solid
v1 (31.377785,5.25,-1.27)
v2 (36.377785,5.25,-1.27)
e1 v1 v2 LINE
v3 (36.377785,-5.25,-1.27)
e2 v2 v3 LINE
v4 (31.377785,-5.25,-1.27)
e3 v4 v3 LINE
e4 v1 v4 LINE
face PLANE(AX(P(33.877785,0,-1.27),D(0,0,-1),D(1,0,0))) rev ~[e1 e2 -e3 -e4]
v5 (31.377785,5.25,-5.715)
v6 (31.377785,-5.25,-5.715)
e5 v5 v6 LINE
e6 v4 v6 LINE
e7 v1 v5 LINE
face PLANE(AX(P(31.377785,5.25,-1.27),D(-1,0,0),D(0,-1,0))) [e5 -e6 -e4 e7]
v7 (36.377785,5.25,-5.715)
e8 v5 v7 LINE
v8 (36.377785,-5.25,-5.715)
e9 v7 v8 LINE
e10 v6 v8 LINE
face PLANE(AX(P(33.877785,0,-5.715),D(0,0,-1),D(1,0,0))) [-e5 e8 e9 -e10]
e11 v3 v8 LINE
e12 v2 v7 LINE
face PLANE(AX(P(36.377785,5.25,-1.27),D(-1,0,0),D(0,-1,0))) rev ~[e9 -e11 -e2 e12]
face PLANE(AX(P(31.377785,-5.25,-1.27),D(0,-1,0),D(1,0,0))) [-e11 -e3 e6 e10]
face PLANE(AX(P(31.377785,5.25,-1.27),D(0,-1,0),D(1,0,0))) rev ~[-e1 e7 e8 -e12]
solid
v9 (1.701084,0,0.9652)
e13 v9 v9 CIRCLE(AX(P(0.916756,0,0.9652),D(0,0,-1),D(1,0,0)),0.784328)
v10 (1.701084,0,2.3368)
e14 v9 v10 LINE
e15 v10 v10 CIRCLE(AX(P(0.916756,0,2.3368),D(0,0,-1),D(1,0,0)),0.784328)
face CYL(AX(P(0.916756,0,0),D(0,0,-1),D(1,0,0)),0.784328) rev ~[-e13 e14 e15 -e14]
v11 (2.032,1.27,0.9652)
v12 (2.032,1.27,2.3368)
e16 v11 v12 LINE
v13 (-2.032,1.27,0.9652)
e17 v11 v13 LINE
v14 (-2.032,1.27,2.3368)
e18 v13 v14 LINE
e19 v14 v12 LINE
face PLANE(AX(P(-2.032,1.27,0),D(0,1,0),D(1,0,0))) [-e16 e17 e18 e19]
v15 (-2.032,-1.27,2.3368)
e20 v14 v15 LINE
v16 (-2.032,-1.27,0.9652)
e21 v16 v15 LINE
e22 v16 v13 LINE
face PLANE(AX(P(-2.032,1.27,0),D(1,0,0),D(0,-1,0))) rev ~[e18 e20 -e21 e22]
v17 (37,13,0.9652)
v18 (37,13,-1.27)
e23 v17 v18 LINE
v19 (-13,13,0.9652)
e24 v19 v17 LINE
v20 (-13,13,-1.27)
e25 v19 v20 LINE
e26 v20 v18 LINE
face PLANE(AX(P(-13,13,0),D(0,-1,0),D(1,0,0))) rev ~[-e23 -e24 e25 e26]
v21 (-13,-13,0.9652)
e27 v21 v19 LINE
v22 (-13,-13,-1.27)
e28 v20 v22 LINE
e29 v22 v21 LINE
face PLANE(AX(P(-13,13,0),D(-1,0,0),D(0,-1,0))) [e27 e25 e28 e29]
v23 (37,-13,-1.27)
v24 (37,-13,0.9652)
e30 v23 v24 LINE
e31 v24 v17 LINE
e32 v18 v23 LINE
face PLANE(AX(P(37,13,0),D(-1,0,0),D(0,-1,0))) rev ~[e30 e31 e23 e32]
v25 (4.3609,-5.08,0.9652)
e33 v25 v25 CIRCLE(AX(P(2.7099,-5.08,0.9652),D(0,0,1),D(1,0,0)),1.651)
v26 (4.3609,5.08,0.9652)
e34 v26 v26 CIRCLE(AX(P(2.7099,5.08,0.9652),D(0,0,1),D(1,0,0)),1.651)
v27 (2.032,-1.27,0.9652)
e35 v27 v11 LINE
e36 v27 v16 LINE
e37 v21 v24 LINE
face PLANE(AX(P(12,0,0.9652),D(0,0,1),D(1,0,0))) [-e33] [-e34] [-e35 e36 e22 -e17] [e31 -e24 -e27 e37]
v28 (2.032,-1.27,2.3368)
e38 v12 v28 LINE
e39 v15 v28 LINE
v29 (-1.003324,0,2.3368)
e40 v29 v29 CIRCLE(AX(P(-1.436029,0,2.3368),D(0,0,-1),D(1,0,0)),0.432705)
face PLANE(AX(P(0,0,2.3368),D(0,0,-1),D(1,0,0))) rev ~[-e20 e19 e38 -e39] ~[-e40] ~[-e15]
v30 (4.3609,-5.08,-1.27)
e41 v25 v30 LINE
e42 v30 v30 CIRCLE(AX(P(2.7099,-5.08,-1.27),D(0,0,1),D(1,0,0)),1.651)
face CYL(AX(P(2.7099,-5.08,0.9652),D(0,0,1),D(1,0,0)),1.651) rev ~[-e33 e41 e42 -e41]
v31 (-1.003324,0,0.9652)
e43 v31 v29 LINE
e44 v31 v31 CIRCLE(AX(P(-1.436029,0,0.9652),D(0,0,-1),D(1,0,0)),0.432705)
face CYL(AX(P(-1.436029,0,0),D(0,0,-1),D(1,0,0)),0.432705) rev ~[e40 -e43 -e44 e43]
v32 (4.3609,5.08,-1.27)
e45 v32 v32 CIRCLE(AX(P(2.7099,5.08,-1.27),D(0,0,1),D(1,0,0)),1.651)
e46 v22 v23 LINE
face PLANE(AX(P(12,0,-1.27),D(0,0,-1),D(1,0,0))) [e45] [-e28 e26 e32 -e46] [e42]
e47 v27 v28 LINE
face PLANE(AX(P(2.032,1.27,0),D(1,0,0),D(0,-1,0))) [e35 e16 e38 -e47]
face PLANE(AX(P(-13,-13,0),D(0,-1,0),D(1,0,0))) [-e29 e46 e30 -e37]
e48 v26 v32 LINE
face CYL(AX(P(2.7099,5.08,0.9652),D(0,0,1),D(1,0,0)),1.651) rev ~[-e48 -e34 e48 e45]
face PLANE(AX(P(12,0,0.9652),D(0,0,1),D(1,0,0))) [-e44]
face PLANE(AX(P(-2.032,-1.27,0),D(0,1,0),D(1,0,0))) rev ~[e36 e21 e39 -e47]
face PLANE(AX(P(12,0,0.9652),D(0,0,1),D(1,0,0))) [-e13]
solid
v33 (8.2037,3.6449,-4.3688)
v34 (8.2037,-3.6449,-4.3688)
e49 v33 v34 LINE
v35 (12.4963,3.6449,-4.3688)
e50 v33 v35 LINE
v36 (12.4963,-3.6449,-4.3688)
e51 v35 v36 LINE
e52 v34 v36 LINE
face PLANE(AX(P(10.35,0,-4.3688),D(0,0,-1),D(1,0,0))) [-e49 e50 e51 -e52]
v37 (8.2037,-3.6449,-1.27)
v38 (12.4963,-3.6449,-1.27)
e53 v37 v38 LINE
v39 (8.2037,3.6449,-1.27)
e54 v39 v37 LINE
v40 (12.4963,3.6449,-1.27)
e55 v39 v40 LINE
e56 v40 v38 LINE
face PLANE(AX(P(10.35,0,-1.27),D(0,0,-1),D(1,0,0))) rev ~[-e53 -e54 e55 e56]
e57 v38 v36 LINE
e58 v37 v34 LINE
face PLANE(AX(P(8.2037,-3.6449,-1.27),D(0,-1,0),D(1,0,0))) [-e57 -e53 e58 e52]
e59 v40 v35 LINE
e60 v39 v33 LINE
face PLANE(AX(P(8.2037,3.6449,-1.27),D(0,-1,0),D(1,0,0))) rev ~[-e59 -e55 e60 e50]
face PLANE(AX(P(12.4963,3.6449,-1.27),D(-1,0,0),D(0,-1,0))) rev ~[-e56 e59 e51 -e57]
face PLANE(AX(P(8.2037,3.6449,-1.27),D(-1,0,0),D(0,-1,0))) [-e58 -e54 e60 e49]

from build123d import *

# Parameters (mm, degrees)
F0_W      = 50
F0_H      = 26
F1_DEPTH  = 0.9652
F3_W      = 4.064
F3_H      = 2.54
F3_R      = 0.432705
F3_R_2    = 0.784328
F4_DEPTH  = 2.3368
F4_FACE_W = 50
F4_FACE_H = 26
F5_DEPTH  = 1.27
F7_R      = 1.651
F8_DEPTH  = 25.4
F6_W      = 4.2926
F6_H      = 7.2898
F9_DEPTH  = 3.0988
F11_W     = 5
F11_H     = 10.5
F12_DEPTH = 4.445


with BuildPart() as f1:
    # F0 (on Top) → F1 (new body)
    with BuildSketch(Plane.XY):
        Rectangle(F0_W, F0_H)
    extrude(amount=F1_DEPTH)


with BuildPart() as f1_1:
    # F2: moved
    add(f1.part.moved(Location((12, 0, 0))))

    # F3 (on face) → F4 (join)
    with BuildSketch(Plane(origin=(0, 0, 0), x_dir=(1, 0, 0), z_dir=(0, 0, -1))):
        Rectangle(F3_W, F3_H)
        with Locations((-1.436029, 0)):
            Circle(F3_R, mode=Mode.SUBTRACT)
        with Locations((0.916756, 0)):
            Circle(F3_R_2, mode=Mode.SUBTRACT)
    extrude(amount=-F4_DEPTH)

    # F4_face (on face) → F5 (join)
    with BuildSketch(Plane(origin=(12, 0, 0), x_dir=(1, 0, 0), z_dir=(0, 0, -1))):
        Rectangle(F4_FACE_W, F4_FACE_H)
    extrude(amount=F5_DEPTH)

    # F7 (on face) → F8 (cut)
    with BuildSketch(Plane.XY.offset(0.9652)):
        with Locations((2.7099, 5.08)):
            Circle(F7_R)
        with Locations((2.7099, -5.08)):
            Circle(F7_R)
    extrude(amount=-F8_DEPTH, mode=Mode.SUBTRACT)


with BuildPart() as f9:
    # F6 (on face) → F9 (new body)
    with BuildSketch(Plane(origin=(0, 0, -1.27), x_dir=(1, 0, 0), z_dir=(0, 0, -1))):
        Rectangle(F6_W, F6_H)
    extrude(amount=F9_DEPTH)


with BuildPart() as f9_1:
    # F10: moved
    add(f9.part.moved(Location((10.35, 0, 0))))


with BuildPart() as f12:
    # F11 (on face) → F12 (new body)
    with BuildSketch(Plane(origin=(0, 0, -1.27), x_dir=(1, 0, 0), z_dir=(0, 0, -1))):
        with Locations((21.152385, 0)):
            Rectangle(F11_W, F11_H)
    extrude(amount=F12_DEPTH)


with BuildPart() as f12_1:
    # F13: moved
    add(f12.part.moved(Location((8.636, 0, 0))))


with BuildPart() as f12_2:
    # F14: moved
    add(f12_1.part.moved(Location((4.0894, 0, 0))))


solid = Compound([f1_1.part, f9_1.part, f12_2.part])
